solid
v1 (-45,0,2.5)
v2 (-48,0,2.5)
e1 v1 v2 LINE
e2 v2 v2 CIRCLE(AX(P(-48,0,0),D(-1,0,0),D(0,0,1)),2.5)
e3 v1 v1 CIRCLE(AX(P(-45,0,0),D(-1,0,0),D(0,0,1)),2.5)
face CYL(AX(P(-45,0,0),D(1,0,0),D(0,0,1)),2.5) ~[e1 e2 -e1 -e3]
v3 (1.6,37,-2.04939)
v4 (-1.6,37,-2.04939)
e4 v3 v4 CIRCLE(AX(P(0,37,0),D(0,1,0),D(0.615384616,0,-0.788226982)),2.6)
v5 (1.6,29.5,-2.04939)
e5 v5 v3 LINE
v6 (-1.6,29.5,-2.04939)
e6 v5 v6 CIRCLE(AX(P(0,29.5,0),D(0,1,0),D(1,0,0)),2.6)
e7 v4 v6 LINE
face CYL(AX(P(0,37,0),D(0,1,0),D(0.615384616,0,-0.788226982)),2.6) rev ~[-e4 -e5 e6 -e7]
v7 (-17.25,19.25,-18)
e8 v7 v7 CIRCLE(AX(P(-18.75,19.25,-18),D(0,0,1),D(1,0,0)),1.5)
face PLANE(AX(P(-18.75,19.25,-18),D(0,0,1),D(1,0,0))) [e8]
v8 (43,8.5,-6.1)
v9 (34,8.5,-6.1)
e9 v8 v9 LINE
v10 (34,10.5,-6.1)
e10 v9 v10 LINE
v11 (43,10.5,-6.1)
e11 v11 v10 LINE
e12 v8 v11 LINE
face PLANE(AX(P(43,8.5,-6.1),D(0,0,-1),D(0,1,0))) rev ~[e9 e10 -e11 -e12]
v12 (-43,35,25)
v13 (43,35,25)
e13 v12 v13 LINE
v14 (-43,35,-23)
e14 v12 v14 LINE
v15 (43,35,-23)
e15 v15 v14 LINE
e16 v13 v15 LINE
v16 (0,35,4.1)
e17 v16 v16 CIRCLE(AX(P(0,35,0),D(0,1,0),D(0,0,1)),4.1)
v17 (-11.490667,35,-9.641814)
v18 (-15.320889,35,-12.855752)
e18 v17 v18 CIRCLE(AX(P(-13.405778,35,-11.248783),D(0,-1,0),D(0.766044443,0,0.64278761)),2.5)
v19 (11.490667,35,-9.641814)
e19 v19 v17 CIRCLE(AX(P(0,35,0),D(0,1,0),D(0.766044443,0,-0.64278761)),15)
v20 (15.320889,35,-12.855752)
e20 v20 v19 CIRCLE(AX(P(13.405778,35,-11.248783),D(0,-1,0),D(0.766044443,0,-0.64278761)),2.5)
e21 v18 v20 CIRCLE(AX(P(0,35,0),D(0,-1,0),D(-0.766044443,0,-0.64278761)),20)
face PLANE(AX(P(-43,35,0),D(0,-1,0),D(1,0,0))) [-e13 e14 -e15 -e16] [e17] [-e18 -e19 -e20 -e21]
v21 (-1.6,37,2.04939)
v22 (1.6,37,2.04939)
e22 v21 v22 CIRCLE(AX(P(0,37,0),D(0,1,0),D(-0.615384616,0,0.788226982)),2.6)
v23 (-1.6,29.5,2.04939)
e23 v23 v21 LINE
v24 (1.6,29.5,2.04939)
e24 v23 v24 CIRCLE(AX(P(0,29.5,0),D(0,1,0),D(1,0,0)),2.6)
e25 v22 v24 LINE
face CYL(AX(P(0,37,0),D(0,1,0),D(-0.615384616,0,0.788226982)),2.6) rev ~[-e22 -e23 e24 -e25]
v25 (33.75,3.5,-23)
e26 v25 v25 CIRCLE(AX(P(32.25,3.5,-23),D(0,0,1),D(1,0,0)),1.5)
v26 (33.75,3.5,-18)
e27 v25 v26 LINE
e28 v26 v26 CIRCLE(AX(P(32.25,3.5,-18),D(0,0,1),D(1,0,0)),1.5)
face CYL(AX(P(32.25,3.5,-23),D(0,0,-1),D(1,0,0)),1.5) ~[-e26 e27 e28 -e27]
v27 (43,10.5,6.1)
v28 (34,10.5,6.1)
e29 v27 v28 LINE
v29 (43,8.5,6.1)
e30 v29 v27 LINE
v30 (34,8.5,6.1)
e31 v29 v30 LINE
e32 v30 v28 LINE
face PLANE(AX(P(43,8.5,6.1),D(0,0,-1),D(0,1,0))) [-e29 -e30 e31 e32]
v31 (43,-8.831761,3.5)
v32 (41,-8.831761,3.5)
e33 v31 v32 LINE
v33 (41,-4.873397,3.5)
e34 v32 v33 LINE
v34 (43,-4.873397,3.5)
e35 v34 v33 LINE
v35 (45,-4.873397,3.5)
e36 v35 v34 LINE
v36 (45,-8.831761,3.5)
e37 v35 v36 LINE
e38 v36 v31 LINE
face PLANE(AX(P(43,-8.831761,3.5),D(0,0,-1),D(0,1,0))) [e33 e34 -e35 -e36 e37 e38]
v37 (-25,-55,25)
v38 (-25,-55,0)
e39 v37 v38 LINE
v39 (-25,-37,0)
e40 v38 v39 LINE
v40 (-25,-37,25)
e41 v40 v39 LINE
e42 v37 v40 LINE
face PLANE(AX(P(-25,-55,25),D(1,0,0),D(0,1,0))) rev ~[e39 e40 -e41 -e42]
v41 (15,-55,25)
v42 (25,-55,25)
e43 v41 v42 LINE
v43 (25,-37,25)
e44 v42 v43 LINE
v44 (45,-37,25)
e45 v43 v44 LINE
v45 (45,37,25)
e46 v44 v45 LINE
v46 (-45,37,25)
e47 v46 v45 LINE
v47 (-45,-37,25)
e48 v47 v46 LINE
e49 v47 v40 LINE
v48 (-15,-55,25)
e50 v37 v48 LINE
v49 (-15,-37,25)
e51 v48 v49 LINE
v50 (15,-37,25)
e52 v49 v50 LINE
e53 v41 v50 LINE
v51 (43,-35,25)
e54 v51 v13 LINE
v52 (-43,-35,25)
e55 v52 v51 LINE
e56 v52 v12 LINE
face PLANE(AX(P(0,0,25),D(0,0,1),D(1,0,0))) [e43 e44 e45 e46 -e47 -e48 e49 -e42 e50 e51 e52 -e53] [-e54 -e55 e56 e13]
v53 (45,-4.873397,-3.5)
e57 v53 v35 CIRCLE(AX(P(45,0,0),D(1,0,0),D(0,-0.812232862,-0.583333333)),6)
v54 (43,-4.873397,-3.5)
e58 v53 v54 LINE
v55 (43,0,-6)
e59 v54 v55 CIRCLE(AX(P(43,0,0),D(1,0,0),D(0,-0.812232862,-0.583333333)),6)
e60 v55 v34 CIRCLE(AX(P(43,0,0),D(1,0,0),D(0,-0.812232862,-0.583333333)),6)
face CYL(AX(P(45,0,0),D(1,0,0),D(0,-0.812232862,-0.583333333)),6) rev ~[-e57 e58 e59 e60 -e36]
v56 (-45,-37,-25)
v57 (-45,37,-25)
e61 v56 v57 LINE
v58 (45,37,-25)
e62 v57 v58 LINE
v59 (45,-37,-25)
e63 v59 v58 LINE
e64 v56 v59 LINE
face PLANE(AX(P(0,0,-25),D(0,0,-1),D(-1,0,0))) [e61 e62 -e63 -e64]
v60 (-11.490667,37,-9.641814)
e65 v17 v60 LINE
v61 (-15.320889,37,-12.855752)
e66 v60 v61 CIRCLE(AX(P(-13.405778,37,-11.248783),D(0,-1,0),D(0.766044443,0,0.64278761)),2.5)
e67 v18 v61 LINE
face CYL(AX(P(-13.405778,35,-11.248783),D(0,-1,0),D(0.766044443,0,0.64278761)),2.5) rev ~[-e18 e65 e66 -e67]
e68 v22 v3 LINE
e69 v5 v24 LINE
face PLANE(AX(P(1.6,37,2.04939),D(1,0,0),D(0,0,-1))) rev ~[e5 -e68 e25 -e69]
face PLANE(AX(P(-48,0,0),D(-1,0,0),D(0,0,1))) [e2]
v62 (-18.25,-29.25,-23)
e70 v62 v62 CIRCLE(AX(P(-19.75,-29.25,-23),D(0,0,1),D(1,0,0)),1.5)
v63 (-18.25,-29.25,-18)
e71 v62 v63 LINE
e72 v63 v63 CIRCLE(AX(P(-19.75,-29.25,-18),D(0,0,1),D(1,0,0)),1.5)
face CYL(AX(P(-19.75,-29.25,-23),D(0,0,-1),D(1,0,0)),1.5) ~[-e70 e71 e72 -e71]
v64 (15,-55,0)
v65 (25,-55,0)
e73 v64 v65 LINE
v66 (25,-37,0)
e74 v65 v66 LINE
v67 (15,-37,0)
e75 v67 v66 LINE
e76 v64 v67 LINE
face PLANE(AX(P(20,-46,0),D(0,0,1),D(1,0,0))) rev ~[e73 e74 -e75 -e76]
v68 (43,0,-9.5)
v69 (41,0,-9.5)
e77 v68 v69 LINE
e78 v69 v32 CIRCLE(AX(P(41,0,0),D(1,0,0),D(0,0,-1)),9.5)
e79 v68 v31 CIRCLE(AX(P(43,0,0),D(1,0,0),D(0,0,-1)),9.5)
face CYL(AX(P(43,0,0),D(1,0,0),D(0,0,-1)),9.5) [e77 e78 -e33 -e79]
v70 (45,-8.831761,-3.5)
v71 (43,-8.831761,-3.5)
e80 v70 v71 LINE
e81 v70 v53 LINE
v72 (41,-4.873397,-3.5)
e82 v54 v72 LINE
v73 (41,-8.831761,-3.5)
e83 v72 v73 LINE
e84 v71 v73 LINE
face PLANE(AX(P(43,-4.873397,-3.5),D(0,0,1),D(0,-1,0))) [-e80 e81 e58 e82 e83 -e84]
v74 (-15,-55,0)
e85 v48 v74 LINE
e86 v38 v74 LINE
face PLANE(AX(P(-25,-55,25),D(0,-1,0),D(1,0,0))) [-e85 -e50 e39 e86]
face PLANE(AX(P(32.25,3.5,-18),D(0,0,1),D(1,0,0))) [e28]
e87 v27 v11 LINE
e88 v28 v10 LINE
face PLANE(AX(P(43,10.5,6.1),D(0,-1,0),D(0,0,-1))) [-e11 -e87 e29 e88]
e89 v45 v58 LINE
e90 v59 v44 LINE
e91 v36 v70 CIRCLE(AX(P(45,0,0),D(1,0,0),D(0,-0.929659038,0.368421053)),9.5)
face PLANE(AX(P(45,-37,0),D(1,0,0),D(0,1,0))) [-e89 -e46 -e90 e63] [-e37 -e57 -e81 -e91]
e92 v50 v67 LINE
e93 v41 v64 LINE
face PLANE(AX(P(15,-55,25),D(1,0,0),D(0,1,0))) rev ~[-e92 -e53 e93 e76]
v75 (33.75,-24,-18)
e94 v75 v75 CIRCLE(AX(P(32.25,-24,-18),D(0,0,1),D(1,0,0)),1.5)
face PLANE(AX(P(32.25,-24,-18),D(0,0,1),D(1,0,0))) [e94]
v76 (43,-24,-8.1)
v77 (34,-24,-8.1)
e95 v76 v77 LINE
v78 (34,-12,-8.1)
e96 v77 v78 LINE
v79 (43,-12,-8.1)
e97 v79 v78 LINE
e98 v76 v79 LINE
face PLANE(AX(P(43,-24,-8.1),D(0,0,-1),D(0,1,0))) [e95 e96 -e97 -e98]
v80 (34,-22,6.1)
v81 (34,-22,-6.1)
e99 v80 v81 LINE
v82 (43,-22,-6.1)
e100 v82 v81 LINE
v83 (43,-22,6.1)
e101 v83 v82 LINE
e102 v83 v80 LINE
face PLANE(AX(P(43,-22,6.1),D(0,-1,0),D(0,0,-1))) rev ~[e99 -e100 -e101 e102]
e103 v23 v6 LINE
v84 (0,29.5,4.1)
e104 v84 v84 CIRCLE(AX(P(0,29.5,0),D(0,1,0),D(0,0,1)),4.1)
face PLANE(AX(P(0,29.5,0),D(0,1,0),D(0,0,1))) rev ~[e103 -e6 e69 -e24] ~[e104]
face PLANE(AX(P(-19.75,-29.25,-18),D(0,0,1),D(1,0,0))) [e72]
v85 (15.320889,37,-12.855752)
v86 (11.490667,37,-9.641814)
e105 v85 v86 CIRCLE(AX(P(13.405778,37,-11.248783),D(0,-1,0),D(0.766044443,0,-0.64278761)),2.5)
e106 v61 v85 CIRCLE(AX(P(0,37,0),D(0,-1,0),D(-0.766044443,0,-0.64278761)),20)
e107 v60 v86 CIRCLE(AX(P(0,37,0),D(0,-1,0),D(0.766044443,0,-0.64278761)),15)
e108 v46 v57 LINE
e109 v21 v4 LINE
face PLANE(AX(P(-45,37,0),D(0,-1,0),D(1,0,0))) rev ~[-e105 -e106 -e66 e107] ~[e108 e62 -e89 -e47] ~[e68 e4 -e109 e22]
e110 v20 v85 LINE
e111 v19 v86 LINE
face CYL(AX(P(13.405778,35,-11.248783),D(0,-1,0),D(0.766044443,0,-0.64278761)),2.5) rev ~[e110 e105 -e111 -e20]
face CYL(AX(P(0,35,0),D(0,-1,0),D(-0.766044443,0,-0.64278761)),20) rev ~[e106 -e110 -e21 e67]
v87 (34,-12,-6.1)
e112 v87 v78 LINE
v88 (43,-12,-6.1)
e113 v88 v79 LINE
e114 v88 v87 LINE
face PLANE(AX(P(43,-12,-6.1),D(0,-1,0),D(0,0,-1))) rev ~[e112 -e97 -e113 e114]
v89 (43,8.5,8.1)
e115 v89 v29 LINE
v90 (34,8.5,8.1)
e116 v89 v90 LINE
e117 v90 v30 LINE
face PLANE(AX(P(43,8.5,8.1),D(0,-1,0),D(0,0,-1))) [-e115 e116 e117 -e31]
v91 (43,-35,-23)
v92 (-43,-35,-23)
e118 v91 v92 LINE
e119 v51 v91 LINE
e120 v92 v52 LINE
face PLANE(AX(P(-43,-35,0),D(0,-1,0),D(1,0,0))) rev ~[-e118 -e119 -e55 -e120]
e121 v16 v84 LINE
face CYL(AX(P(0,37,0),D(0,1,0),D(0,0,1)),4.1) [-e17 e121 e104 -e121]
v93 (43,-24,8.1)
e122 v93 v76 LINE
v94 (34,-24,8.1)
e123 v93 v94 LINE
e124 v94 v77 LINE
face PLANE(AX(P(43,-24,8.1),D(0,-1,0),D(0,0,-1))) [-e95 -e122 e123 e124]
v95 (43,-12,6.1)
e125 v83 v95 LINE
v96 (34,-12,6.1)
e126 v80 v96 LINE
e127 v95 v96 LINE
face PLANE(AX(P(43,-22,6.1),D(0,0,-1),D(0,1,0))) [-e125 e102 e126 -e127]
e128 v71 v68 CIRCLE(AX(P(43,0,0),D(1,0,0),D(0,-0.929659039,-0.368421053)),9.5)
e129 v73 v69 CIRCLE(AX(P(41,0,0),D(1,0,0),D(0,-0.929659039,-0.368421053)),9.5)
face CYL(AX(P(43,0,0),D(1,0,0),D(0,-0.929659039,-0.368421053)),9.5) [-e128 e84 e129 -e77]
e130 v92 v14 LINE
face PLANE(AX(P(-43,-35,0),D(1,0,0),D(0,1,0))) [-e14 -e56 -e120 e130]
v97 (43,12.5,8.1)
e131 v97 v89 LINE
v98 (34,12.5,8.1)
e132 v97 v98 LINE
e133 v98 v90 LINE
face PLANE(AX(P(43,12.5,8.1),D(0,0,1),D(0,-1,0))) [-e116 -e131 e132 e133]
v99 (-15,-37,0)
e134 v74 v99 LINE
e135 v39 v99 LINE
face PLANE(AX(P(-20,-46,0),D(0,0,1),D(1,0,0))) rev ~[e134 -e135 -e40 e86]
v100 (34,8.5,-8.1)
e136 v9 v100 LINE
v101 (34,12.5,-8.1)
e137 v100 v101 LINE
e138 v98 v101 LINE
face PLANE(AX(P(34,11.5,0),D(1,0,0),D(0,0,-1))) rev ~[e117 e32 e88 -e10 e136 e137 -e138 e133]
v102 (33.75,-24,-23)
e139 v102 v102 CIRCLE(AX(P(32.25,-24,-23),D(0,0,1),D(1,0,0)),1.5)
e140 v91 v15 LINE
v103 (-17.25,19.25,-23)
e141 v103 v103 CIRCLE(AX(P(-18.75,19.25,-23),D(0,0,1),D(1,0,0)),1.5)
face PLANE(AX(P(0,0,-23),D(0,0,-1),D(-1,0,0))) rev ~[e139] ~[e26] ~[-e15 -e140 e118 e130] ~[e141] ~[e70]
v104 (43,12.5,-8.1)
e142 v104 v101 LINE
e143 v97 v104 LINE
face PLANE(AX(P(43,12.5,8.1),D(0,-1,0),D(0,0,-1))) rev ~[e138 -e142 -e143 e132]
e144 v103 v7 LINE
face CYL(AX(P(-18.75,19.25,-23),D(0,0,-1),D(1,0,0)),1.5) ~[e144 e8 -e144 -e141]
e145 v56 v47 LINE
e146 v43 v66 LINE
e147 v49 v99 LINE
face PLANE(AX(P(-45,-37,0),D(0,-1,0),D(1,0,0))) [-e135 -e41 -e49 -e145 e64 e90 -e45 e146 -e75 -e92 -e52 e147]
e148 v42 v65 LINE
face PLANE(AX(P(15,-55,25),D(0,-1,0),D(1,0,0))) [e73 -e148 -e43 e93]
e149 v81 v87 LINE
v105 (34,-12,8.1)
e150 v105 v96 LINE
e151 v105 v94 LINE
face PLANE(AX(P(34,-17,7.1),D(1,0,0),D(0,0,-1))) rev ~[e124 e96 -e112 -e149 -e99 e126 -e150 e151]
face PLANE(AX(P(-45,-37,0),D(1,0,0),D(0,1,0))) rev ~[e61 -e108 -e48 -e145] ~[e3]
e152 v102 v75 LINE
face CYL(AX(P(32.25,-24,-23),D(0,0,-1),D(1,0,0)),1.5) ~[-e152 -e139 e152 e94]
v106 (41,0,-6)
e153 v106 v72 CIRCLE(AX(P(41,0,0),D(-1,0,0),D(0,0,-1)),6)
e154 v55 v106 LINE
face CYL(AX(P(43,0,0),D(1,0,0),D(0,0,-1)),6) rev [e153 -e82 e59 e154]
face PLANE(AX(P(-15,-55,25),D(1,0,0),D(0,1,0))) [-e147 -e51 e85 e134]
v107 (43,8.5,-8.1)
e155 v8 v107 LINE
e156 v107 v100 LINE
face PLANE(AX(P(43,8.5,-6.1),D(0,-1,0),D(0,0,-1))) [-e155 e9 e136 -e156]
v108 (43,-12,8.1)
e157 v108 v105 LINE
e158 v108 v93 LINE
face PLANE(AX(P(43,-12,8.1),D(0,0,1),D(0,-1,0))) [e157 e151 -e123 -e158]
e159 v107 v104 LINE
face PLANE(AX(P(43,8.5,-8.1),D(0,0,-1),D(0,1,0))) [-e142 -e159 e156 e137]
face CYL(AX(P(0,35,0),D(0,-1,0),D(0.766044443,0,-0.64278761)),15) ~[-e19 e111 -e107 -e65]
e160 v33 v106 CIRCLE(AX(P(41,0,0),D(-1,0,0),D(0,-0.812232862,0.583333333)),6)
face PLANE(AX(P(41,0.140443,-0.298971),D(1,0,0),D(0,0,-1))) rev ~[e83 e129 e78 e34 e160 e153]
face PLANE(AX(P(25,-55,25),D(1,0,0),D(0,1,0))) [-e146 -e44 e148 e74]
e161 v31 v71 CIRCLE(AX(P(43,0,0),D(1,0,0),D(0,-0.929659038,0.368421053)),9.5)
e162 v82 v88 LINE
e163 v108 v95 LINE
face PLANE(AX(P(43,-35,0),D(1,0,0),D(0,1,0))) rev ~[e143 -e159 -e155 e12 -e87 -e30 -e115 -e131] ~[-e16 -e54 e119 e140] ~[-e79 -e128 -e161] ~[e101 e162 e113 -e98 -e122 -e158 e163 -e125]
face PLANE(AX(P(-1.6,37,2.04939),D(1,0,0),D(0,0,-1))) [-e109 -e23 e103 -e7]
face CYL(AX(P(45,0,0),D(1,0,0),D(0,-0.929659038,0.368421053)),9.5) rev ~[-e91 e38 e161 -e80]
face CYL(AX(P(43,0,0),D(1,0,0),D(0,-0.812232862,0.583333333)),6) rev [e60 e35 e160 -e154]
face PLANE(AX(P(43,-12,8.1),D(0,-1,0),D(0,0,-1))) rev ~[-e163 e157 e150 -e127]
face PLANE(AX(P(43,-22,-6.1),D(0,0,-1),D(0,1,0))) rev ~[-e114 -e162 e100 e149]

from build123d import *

# Parameters (mm, degrees)
SKETCH1_W           = 90
SKETCH1_H           = 74
SKETCH1_W_2         = 86
SKETCH1_H_2         = 70
BOSS_EXTRUDE1_DEPTH = 25
BOSS_EXTRUDE2_START = 25
SKETCH1_3_W         = 10
SKETCH1_3_H         = 18
BOSS_EXTRUDE2_DEPTH = 25
SKETCH2_W           = 86
SKETCH2_H           = 70
BOSS_EXTRUDE3_DEPTH = 2
SKETCH3_W           = 3.2
SKETCH3_H           = 4.098780306
CUT_EXTRUDE1_DEPTH  = 2
SKETCH3_4_R         = 4.1
SKETCH3_4_R_2       = 2.6
BOSS_EXTRUDE4_DEPTH = 7.5
SKETCH4_R           = 6
CUT_EXTRUDE2_DEPTH  = 2
BOSS_EXTRUDE5_START = -2
BOSS_EXTRUDE5_DEPTH = 2
BOSS_EXTRUDE6_START = -2
SKETCH4_4_W         = 16.2
SKETCH4_4_H         = 2
SKETCH4_4_W_2       = 2
SKETCH4_4_H_2       = 10
BOSS_EXTRUDE6_DEPTH = 9
SKETCH6_R           = 1.5
BOSS_EXTRUDE7_DEPTH = 5
SKETCH7_R           = 2.5
BOSS_EXTRUDE8_DEPTH = 3
CUT_EXTRUDE3_DEPTH  = 106.019045892


with BuildPart() as part:
    # Sketch1 → Boss-Extrude1 (new, symmetric)
    with BuildSketch(Plane.XY):
        Rectangle(SKETCH1_W, SKETCH1_H)
        Rectangle(SKETCH1_W_2, SKETCH1_H_2, mode=Mode.SUBTRACT)
    extrude(amount=BOSS_EXTRUDE1_DEPTH, both=True)

    # Sketch1<3> → Boss-Extrude2 (add)
    with BuildSketch(Plane.XY.offset(BOSS_EXTRUDE2_START)):
        with Locations((-20, -46)):
            Rectangle(SKETCH1_3_W, SKETCH1_3_H)
        with Locations((20, -46)):
            Rectangle(SKETCH1_3_W, SKETCH1_3_H)
    extrude(amount=-BOSS_EXTRUDE2_DEPTH)

    # Sketch2 → Boss-Extrude3 (add)
    with BuildSketch(Plane(origin=(0, 0, -25), x_dir=(-1, 0, 0), z_dir=(0, 0, -1))):
        Rectangle(SKETCH2_W, SKETCH2_H)
    extrude(amount=-BOSS_EXTRUDE3_DEPTH)

    # Sketch3 → Cut-Extrude1 (cut)
    with BuildSketch(Plane(origin=(0, 37, 0), x_dir=(1, 0, 0), z_dir=(0, 1, 0))):
        with BuildLine():
            Line((-1.6, 2.049390153), (1.6, 2.049390153))
            ThreePointArc((1.6, 2.049390153), (0, 2.6), (-1.6, 2.049390153))
        make_face()
        Rectangle(SKETCH3_W, SKETCH3_H)
        with BuildLine():
            ThreePointArc((-1.6, -2.049390153), (0, -2.6), (1.6, -2.049390153))
            Line((1.6, -2.049390153), (-1.6, -2.049390153))
        make_face()
    extrude(amount=-CUT_EXTRUDE1_DEPTH, mode=Mode.SUBTRACT)

    # Sketch3<4> → Boss-Extrude4 (add)
    # profile 1 of 3: a face of its own
    with BuildSketch(Plane(origin=(0, 37, 0), x_dir=(1, 0, 0), z_dir=(0, 1, 0))):
        with Locations(Location((0, 0, 0), (0, 0, 270))):
            Circle(SKETCH3_4_R)
        Circle(SKETCH3_4_R_2, mode=Mode.SUBTRACT)
    # profile 2 of 3: a face of its own
    with BuildSketch(Plane(origin=(0, 37, 0), x_dir=(1, 0, 0), z_dir=(0, 1, 0))):
        with BuildLine():
            Line((1.6, 2.049390153), (1.6, -2.049390153))
            ThreePointArc((1.6, -2.049390153), (2.336664289, -1.140175425), (2.6, 0))
            ThreePointArc((2.6, 0), (2.336664289, 1.140175425), (1.6, 2.049390153))
        make_face()
    # profile 3 of 3: a face of its own
    with BuildSketch(Plane(origin=(0, 37, 0), x_dir=(1, 0, 0), z_dir=(0, 1, 0))):
        with BuildLine():
            ThreePointArc((-1.6, 2.049390153), (-2.6, 0), (-1.6, -2.049390153))
            Line((-1.6, -2.049390153), (-1.6, 2.049390153))
        make_face()
    extrude(amount=-BOSS_EXTRUDE4_DEPTH)

    # Sketch4 → Cut-Extrude2 (cut)
    with BuildSketch(Plane(origin=(45, 0, 0), x_dir=(0, 0, -1), z_dir=(1, 0, 0))):
        Circle(SKETCH4_R)
        with BuildLine():
            Line((3.5, -8.831760866), (3.5, -4.873397172))
            ThreePointArc((3.5, -4.873397172), (0, -6), (-3.5, -4.873397172))
            Line((-3.5, -4.873397172), (-3.5, -8.831760866))
            ThreePointArc((-3.5, -8.831760866), (0, -9.5), (3.5, -8.831760866))
        make_face()
    extrude(amount=-CUT_EXTRUDE2_DEPTH, mode=Mode.SUBTRACT)

    # Sketch4<3> → Boss-Extrude5 (add)
    with BuildSketch(Plane(origin=(45, 0, 0), x_dir=(0, 0, -1), z_dir=(1, 0, 0)).offset(BOSS_EXTRUDE5_START)):
        with BuildLine():
            ThreePointArc((6, 0), (5.338539126, -2.738612788), (3.5, -4.873397172))
            Line((3.5, -4.873397172), (3.5, -8.831760866))
            ThreePointArc((3.5, -8.831760866), (7.858116823, -5.338539126), (9.5, 0))
            ThreePointArc((9.5, 0), (-5.338539126, 7.858116823), (-3.5, -8.831760866))
            Line((-3.5, -8.831760866), (-3.5, -4.873397172))
            ThreePointArc((-3.5, -4.873397172), (-2.738612788, 5.338539126), (6, 0))
        make_face()
    extrude(amount=-BOSS_EXTRUDE5_DEPTH)

    # Sketch4<4> → Boss-Extrude6 (add)
    with BuildSketch(Plane(origin=(45, 0, 0), x_dir=(0, 0, -1), z_dir=(1, 0, 0)).offset(BOSS_EXTRUDE6_START)):
        with Locations((0, 11.5)):
            Rectangle(SKETCH4_4_W, SKETCH4_4_H)
        with Locations((-7.1, -17)):
            Rectangle(SKETCH4_4_W_2, SKETCH4_4_H_2)
        with Locations((0, -23)):
            Rectangle(SKETCH4_4_W, SKETCH4_4_H)
        with Locations((7.1, -17)):
            Rectangle(SKETCH4_4_W_2, SKETCH4_4_H_2)
        with Locations((-7.1, 9.5)):
            Rectangle(SKETCH4_4_W_2, SKETCH4_4_H)
        with Locations((7.1, 9.5)):
            Rectangle(SKETCH4_4_W_2, SKETCH4_4_H)
    extrude(amount=-BOSS_EXTRUDE6_DEPTH)

    # Sketch6 → Boss-Extrude7 (add)
    with BuildSketch(Plane.XY.offset(-23)):
        with Locations((32.25, 3.5)):
            Circle(SKETCH6_R)
        with Locations((-18.75, 19.25)):
            Circle(SKETCH6_R)
        with Locations((-19.75, -29.25)):
            Circle(SKETCH6_R)
        with Locations((32.25, -24)):
            Circle(SKETCH6_R)
    extrude(amount=BOSS_EXTRUDE7_DEPTH)

    # Sketch7 → Boss-Extrude8 (add)
    with BuildSketch(Plane.ZY.offset(45)):
        Circle(SKETCH7_R)
    extrude(amount=BOSS_EXTRUDE8_DEPTH)

    # Sketch8 → Cut-Extrude3 (cut, through all)
    with BuildSketch(Plane.XZ.offset(-35)):
        with BuildLine():
            ThreePointArc((11.490666647, -9.641814145), (0, -15), (-11.490666647, -9.641814145))
            Line((-11.490666647, -9.641814145), (-15.320888862, -12.855752194))
            ThreePointArc((-15.320888862, -12.855752194), (0, -20), (15.320888862, -12.855752194))
            Line((15.320888862, -12.855752194), (11.490666647, -9.641814145))
        make_face()
        with BuildLine():
            Line((-15.320888862, -12.855752194), (-11.490666647, -9.641814145))
            ThreePointArc((-11.490666647, -9.641814145), (-15.012746779, -9.333672062), (-15.320888862, -12.855752194))
        make_face()
        with BuildLine():
            ThreePointArc((15.320888862, -12.855752194), (15.012746779, -9.333672062), (11.490666647, -9.641814145))
            Line((11.490666647, -9.641814145), (15.320888862, -12.855752194))
        make_face()
    extrude(amount=-CUT_EXTRUDE3_DEPTH, mode=Mode.SUBTRACT)


solid = part.part
